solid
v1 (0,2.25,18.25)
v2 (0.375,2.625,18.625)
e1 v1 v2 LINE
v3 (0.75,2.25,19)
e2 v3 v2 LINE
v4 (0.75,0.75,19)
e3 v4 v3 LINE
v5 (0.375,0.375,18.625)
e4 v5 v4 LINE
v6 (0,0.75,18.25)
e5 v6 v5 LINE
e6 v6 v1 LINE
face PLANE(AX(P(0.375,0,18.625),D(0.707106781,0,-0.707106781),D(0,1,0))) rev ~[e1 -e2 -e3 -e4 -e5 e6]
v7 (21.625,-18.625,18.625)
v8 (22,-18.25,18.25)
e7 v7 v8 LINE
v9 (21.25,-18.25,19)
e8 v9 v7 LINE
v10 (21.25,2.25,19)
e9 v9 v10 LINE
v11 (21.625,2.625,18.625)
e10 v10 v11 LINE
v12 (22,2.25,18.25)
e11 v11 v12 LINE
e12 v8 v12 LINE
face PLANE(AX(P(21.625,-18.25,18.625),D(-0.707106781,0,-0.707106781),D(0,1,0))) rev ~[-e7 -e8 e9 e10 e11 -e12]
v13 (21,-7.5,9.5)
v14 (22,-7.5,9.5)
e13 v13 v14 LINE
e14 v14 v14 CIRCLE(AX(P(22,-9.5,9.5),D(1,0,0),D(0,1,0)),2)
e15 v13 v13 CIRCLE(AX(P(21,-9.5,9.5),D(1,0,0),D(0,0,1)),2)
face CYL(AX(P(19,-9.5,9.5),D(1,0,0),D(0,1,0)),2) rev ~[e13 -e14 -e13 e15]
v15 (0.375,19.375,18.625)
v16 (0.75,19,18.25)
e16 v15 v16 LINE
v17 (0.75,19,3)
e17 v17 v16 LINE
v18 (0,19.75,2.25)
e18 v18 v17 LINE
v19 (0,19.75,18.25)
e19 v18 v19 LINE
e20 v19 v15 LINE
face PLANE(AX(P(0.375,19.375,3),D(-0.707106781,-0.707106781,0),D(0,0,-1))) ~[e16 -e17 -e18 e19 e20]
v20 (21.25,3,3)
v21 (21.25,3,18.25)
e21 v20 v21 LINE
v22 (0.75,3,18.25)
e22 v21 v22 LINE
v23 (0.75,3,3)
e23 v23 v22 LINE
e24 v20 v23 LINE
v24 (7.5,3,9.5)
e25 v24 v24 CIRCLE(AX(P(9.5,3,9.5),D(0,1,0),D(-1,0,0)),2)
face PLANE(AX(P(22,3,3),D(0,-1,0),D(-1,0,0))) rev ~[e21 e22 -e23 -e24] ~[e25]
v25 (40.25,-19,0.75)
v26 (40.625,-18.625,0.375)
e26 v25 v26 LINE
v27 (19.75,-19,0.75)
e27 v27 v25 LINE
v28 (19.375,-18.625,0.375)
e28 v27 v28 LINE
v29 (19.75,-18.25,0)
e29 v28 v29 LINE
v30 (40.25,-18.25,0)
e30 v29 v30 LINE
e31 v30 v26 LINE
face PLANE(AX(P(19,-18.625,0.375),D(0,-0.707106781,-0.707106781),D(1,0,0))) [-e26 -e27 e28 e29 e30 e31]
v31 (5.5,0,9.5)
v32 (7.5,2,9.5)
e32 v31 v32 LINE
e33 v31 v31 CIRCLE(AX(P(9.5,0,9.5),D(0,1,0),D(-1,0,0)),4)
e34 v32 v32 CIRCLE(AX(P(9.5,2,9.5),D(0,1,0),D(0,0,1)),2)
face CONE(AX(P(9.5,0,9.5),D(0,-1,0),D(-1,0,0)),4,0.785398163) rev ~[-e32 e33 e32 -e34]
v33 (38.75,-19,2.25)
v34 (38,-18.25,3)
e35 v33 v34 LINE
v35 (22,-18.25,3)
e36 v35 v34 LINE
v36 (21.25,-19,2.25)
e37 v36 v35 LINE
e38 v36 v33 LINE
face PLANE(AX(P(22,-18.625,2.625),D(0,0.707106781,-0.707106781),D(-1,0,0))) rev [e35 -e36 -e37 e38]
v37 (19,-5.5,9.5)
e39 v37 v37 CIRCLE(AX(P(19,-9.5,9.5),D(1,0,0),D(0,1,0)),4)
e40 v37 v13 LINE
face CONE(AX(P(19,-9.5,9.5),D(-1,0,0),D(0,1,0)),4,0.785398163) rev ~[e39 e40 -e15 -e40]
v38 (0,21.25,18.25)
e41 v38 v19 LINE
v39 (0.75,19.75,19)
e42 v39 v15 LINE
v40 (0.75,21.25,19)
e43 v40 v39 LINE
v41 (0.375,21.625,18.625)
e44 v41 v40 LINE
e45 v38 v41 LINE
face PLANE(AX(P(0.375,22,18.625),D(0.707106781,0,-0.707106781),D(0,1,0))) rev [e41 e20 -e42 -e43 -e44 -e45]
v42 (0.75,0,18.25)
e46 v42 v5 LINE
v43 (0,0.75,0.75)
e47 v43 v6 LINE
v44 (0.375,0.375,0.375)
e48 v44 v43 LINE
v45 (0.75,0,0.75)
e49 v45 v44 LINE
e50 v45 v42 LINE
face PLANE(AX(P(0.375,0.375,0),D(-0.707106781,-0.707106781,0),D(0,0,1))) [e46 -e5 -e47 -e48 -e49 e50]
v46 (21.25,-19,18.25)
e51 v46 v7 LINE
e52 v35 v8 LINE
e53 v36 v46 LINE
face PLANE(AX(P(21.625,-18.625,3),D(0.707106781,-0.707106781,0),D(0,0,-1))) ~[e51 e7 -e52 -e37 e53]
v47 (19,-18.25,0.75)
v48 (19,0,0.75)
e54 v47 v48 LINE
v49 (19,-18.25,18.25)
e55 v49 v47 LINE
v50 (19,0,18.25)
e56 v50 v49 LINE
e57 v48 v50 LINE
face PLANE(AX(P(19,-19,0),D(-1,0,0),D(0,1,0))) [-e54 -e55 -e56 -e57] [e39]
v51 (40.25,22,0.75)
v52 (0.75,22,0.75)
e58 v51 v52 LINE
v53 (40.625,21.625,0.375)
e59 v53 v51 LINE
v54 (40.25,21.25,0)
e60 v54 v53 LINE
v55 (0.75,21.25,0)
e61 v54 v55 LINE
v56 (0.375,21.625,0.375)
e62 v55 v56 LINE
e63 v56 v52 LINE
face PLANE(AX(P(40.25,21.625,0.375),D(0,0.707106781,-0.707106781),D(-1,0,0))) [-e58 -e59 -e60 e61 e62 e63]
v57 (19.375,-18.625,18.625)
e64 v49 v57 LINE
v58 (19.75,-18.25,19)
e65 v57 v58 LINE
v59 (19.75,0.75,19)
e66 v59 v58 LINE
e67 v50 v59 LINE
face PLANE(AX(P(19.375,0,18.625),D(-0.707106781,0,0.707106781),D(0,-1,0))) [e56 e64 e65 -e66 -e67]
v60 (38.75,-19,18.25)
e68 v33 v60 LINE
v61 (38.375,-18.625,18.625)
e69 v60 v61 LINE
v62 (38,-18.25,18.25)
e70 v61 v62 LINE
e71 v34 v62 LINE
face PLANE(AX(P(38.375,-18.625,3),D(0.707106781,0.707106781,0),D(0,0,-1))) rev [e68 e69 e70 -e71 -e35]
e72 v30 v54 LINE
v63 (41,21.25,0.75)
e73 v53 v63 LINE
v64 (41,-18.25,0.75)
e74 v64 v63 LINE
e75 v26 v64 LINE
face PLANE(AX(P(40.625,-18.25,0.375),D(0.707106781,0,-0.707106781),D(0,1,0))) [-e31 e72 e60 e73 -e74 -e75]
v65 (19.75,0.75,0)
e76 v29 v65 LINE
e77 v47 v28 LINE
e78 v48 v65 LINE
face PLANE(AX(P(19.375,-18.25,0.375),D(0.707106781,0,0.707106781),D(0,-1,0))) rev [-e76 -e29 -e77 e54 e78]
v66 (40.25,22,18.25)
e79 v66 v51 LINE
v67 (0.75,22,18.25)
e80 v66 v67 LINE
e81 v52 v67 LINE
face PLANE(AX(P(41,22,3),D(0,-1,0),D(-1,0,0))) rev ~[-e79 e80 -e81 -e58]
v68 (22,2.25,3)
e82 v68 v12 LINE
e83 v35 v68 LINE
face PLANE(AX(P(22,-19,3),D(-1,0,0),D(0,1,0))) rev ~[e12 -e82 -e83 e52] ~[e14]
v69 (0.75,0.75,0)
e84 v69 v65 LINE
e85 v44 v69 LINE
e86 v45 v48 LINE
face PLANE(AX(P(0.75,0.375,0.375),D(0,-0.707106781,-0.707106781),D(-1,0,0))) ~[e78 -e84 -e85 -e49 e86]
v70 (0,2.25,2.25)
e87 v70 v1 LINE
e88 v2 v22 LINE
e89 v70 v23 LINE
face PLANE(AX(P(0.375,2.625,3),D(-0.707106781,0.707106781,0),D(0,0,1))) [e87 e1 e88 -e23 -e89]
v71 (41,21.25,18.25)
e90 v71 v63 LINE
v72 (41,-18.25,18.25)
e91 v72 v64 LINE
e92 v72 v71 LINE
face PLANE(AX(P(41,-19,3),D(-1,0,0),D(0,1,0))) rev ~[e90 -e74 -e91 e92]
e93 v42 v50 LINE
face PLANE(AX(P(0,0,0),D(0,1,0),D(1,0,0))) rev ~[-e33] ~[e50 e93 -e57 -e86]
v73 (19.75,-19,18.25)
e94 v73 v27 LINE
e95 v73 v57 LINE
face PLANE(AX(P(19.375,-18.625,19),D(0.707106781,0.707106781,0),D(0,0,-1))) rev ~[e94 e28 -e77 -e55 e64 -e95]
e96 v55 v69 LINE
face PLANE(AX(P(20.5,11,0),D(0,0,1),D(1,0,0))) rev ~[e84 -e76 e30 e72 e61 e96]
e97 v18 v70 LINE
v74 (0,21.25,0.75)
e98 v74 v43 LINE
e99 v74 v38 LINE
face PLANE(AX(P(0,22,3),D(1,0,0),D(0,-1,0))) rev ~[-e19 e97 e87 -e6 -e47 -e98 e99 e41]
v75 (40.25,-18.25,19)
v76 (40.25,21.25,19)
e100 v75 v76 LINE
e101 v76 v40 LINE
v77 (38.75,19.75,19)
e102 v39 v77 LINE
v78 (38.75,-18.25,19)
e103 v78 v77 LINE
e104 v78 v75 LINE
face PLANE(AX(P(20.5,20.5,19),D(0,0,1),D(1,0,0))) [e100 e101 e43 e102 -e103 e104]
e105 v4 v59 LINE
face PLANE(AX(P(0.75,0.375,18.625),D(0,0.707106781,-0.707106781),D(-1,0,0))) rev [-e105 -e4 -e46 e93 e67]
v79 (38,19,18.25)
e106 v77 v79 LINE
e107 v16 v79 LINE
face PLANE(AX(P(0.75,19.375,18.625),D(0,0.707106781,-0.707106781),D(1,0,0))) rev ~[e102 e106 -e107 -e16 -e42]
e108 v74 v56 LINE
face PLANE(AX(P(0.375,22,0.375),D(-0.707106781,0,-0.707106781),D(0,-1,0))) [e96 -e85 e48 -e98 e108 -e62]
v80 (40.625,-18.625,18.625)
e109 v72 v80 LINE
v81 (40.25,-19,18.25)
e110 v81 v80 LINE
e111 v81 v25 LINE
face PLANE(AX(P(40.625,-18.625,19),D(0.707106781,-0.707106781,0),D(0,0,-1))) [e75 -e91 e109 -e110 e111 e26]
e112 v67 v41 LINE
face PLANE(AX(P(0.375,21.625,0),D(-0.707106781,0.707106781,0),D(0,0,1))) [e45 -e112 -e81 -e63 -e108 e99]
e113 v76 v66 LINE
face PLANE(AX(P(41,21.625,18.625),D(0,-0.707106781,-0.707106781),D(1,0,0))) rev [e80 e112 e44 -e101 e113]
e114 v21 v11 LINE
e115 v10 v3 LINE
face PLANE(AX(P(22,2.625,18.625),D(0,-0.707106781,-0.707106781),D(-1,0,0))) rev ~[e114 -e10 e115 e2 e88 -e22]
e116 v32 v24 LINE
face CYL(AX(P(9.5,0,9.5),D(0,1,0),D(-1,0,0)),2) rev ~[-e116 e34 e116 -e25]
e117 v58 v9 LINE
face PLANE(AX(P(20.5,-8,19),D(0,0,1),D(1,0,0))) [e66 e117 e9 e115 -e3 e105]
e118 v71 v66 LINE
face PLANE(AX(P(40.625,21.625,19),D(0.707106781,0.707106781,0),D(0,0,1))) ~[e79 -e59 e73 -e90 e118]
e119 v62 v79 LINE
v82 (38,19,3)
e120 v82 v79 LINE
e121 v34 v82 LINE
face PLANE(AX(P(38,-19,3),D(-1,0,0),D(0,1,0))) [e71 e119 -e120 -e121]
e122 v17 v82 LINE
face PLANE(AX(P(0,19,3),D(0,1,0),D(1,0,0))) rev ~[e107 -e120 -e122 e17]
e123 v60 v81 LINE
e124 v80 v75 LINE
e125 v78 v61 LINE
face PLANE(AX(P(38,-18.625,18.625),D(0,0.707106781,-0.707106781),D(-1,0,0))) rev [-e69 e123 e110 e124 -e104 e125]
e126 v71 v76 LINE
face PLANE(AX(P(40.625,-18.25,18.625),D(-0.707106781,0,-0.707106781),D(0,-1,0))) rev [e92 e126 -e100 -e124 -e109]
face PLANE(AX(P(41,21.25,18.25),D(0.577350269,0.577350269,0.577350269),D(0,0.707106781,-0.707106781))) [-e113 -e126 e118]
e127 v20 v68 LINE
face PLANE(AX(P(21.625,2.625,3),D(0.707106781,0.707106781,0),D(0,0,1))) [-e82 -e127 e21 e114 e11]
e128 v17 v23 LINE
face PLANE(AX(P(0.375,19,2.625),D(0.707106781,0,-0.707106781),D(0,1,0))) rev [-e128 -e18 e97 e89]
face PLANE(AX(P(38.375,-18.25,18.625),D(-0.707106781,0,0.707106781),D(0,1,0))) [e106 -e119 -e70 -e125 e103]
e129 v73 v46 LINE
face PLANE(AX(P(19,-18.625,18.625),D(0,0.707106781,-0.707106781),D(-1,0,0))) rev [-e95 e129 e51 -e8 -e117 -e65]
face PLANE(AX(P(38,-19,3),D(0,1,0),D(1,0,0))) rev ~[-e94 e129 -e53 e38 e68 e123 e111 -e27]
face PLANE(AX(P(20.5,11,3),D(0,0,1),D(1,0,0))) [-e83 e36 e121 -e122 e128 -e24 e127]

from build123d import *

# Parameters (mm, degrees)
F0_W           = 22
F0_H           = 19
F1_DEPTH       = 3
F2_W           = 3
F2_H           = 38
F2_W_2         = 19
F2_H_2         = 3
F3_DEPTH       = 16
F5_D           = 4
F5_DEPTH       = 12
F5_CSINK_D     = 8
F5_CSINK_ANGLE = 90
F5_TIP         = 1.2017212381
F7_D           = 4
F7_DEPTH       = 12
F7_CSINK_D     = 8
F7_CSINK_ANGLE = 90
F7_TIP         = 1.2017212381
F8_SIZE        = 0.75
F9_SIZE        = 0.75
F10_SIZE       = 0.75
F11_SIZE       = 0.75
F12_SIZE       = 0.75


with BuildPart() as f1:
    # F0 (on Top) → F1 (new body)
    with BuildSketch(Plane.XY):
        Polygon((0, 22), (0, 0), (19, 0), (41, 0), (41, 22), align=None)
        with Locations((30, -9.5)):
            Rectangle(F0_W, F0_H)
    extrude(amount=F1_DEPTH)

    # F2 (on face) → F3 (join)
    with BuildSketch(Plane.XY.offset(3)):
        Polygon((41, 22), (0, 22), (0, 19), (38, 19), (41, 19), align=None)
        with Locations((39.5, 0)):
            Rectangle(F2_W, F2_H)
        Polygon((22, 3), (19, 3), (19, 0), (19, -19), (22, -19), align=None)
        with Locations((9.5, 1.5)):
            Rectangle(F2_W_2, F2_H_2)
    extrude(amount=F3_DEPTH)

    # F5
    with Locations(Plane.XZ):
        with Locations((9.5, 9.5)):
            CounterSinkHole(F5_D / 2, F5_CSINK_D / 2, depth=F5_DEPTH, counter_sink_angle=F5_CSINK_ANGLE)
            with Locations((0, 0, -(F5_DEPTH + F5_TIP / 2))):  # 118° drill point
                Cone(0, F5_D / 2, F5_TIP, mode=Mode.SUBTRACT)

    # F7
    with Locations(Plane(origin=(19, 0, 0), x_dir=(0, -1, 0), z_dir=(-1, 0, 0))):
        with Locations((9.5, 9.5)):
            CounterSinkHole(F7_D / 2, F7_CSINK_D / 2, depth=F7_DEPTH, counter_sink_angle=F7_CSINK_ANGLE)
            with Locations((0, 0, -(F7_DEPTH + F7_TIP / 2))):  # 118° drill point
                Cone(0, F7_D / 2, F7_TIP, mode=Mode.SUBTRACT)

    # F8
    f8_edges = [f1.edges().sort_by_distance(p)[0] for p in [
        (19, -19, 9.5),
        (20.5, -19, 19),
        (22, -19, 11),
        (30, -19, 3),
        (38, -19, 11),
        (39.5, -19, 19),
        (41, -19, 9.5),
        (30, -19, 0),
    ]]
    chamfer(f8_edges, length=F8_SIZE)

    # F9
    f9_edges = [f1.edges().sort_by_distance(p)[0] for p in [
        (0, 22, 9.5),
        (0, 20.5, 19),
        (0, 19, 11),
        (0, 11, 3),
        (0, 3, 11),
        (0, 1.5, 19),
        (0, 0, 9.5),
        (0, 11, 0),
    ]]
    chamfer(f9_edges, length=F9_SIZE)

    # F10
    f10_edges = [f1.edges().sort_by_distance(p)[0] for p in [
        (19, -9.125, 19),
        (9.875, 0, 19),
        (11.375, 3, 19),
        (22, -7.625, 19),
        (38, 0.375, 19),
        (19.375, 19, 19),
        (20.875, 22, 19),
        (41, 1.875, 19),
        (41, 22, 9.5),
    ]]
    chamfer(f10_edges, length=F10_SIZE)

    # F11
    f11_edges = [f1.edges().sort_by_distance(p)[0] for p in [
        (22, 3, 10.625),
    ]]
    chamfer(f11_edges, length=F11_SIZE)

    # F12 (call 1 of 3: OpenCascade refuses the feature's edges together)
    f12_edges = [f1.edges().sort_by_distance(p)[0] for p in [
        (19, -9.125, 0),
        (9.875, 0, 0),
    ]]
    chamfer(f12_edges, length=F12_SIZE)

    # F12#2 (call 2 of 3)
    f12_2_edges = [f1.edges().sort_by_distance(p)[0] for p in [
        (41, 1.5, 0),
    ]]
    chamfer(f12_2_edges, length=F12_SIZE)

    # F12#3 (call 3 of 3)
    f12_3_edges = [f1.edges().sort_by_distance(p)[0] for p in [
        (20.5, 22, 0),
    ]]
    chamfer(f12_3_edges, length=F12_SIZE)


solid = f1.part
